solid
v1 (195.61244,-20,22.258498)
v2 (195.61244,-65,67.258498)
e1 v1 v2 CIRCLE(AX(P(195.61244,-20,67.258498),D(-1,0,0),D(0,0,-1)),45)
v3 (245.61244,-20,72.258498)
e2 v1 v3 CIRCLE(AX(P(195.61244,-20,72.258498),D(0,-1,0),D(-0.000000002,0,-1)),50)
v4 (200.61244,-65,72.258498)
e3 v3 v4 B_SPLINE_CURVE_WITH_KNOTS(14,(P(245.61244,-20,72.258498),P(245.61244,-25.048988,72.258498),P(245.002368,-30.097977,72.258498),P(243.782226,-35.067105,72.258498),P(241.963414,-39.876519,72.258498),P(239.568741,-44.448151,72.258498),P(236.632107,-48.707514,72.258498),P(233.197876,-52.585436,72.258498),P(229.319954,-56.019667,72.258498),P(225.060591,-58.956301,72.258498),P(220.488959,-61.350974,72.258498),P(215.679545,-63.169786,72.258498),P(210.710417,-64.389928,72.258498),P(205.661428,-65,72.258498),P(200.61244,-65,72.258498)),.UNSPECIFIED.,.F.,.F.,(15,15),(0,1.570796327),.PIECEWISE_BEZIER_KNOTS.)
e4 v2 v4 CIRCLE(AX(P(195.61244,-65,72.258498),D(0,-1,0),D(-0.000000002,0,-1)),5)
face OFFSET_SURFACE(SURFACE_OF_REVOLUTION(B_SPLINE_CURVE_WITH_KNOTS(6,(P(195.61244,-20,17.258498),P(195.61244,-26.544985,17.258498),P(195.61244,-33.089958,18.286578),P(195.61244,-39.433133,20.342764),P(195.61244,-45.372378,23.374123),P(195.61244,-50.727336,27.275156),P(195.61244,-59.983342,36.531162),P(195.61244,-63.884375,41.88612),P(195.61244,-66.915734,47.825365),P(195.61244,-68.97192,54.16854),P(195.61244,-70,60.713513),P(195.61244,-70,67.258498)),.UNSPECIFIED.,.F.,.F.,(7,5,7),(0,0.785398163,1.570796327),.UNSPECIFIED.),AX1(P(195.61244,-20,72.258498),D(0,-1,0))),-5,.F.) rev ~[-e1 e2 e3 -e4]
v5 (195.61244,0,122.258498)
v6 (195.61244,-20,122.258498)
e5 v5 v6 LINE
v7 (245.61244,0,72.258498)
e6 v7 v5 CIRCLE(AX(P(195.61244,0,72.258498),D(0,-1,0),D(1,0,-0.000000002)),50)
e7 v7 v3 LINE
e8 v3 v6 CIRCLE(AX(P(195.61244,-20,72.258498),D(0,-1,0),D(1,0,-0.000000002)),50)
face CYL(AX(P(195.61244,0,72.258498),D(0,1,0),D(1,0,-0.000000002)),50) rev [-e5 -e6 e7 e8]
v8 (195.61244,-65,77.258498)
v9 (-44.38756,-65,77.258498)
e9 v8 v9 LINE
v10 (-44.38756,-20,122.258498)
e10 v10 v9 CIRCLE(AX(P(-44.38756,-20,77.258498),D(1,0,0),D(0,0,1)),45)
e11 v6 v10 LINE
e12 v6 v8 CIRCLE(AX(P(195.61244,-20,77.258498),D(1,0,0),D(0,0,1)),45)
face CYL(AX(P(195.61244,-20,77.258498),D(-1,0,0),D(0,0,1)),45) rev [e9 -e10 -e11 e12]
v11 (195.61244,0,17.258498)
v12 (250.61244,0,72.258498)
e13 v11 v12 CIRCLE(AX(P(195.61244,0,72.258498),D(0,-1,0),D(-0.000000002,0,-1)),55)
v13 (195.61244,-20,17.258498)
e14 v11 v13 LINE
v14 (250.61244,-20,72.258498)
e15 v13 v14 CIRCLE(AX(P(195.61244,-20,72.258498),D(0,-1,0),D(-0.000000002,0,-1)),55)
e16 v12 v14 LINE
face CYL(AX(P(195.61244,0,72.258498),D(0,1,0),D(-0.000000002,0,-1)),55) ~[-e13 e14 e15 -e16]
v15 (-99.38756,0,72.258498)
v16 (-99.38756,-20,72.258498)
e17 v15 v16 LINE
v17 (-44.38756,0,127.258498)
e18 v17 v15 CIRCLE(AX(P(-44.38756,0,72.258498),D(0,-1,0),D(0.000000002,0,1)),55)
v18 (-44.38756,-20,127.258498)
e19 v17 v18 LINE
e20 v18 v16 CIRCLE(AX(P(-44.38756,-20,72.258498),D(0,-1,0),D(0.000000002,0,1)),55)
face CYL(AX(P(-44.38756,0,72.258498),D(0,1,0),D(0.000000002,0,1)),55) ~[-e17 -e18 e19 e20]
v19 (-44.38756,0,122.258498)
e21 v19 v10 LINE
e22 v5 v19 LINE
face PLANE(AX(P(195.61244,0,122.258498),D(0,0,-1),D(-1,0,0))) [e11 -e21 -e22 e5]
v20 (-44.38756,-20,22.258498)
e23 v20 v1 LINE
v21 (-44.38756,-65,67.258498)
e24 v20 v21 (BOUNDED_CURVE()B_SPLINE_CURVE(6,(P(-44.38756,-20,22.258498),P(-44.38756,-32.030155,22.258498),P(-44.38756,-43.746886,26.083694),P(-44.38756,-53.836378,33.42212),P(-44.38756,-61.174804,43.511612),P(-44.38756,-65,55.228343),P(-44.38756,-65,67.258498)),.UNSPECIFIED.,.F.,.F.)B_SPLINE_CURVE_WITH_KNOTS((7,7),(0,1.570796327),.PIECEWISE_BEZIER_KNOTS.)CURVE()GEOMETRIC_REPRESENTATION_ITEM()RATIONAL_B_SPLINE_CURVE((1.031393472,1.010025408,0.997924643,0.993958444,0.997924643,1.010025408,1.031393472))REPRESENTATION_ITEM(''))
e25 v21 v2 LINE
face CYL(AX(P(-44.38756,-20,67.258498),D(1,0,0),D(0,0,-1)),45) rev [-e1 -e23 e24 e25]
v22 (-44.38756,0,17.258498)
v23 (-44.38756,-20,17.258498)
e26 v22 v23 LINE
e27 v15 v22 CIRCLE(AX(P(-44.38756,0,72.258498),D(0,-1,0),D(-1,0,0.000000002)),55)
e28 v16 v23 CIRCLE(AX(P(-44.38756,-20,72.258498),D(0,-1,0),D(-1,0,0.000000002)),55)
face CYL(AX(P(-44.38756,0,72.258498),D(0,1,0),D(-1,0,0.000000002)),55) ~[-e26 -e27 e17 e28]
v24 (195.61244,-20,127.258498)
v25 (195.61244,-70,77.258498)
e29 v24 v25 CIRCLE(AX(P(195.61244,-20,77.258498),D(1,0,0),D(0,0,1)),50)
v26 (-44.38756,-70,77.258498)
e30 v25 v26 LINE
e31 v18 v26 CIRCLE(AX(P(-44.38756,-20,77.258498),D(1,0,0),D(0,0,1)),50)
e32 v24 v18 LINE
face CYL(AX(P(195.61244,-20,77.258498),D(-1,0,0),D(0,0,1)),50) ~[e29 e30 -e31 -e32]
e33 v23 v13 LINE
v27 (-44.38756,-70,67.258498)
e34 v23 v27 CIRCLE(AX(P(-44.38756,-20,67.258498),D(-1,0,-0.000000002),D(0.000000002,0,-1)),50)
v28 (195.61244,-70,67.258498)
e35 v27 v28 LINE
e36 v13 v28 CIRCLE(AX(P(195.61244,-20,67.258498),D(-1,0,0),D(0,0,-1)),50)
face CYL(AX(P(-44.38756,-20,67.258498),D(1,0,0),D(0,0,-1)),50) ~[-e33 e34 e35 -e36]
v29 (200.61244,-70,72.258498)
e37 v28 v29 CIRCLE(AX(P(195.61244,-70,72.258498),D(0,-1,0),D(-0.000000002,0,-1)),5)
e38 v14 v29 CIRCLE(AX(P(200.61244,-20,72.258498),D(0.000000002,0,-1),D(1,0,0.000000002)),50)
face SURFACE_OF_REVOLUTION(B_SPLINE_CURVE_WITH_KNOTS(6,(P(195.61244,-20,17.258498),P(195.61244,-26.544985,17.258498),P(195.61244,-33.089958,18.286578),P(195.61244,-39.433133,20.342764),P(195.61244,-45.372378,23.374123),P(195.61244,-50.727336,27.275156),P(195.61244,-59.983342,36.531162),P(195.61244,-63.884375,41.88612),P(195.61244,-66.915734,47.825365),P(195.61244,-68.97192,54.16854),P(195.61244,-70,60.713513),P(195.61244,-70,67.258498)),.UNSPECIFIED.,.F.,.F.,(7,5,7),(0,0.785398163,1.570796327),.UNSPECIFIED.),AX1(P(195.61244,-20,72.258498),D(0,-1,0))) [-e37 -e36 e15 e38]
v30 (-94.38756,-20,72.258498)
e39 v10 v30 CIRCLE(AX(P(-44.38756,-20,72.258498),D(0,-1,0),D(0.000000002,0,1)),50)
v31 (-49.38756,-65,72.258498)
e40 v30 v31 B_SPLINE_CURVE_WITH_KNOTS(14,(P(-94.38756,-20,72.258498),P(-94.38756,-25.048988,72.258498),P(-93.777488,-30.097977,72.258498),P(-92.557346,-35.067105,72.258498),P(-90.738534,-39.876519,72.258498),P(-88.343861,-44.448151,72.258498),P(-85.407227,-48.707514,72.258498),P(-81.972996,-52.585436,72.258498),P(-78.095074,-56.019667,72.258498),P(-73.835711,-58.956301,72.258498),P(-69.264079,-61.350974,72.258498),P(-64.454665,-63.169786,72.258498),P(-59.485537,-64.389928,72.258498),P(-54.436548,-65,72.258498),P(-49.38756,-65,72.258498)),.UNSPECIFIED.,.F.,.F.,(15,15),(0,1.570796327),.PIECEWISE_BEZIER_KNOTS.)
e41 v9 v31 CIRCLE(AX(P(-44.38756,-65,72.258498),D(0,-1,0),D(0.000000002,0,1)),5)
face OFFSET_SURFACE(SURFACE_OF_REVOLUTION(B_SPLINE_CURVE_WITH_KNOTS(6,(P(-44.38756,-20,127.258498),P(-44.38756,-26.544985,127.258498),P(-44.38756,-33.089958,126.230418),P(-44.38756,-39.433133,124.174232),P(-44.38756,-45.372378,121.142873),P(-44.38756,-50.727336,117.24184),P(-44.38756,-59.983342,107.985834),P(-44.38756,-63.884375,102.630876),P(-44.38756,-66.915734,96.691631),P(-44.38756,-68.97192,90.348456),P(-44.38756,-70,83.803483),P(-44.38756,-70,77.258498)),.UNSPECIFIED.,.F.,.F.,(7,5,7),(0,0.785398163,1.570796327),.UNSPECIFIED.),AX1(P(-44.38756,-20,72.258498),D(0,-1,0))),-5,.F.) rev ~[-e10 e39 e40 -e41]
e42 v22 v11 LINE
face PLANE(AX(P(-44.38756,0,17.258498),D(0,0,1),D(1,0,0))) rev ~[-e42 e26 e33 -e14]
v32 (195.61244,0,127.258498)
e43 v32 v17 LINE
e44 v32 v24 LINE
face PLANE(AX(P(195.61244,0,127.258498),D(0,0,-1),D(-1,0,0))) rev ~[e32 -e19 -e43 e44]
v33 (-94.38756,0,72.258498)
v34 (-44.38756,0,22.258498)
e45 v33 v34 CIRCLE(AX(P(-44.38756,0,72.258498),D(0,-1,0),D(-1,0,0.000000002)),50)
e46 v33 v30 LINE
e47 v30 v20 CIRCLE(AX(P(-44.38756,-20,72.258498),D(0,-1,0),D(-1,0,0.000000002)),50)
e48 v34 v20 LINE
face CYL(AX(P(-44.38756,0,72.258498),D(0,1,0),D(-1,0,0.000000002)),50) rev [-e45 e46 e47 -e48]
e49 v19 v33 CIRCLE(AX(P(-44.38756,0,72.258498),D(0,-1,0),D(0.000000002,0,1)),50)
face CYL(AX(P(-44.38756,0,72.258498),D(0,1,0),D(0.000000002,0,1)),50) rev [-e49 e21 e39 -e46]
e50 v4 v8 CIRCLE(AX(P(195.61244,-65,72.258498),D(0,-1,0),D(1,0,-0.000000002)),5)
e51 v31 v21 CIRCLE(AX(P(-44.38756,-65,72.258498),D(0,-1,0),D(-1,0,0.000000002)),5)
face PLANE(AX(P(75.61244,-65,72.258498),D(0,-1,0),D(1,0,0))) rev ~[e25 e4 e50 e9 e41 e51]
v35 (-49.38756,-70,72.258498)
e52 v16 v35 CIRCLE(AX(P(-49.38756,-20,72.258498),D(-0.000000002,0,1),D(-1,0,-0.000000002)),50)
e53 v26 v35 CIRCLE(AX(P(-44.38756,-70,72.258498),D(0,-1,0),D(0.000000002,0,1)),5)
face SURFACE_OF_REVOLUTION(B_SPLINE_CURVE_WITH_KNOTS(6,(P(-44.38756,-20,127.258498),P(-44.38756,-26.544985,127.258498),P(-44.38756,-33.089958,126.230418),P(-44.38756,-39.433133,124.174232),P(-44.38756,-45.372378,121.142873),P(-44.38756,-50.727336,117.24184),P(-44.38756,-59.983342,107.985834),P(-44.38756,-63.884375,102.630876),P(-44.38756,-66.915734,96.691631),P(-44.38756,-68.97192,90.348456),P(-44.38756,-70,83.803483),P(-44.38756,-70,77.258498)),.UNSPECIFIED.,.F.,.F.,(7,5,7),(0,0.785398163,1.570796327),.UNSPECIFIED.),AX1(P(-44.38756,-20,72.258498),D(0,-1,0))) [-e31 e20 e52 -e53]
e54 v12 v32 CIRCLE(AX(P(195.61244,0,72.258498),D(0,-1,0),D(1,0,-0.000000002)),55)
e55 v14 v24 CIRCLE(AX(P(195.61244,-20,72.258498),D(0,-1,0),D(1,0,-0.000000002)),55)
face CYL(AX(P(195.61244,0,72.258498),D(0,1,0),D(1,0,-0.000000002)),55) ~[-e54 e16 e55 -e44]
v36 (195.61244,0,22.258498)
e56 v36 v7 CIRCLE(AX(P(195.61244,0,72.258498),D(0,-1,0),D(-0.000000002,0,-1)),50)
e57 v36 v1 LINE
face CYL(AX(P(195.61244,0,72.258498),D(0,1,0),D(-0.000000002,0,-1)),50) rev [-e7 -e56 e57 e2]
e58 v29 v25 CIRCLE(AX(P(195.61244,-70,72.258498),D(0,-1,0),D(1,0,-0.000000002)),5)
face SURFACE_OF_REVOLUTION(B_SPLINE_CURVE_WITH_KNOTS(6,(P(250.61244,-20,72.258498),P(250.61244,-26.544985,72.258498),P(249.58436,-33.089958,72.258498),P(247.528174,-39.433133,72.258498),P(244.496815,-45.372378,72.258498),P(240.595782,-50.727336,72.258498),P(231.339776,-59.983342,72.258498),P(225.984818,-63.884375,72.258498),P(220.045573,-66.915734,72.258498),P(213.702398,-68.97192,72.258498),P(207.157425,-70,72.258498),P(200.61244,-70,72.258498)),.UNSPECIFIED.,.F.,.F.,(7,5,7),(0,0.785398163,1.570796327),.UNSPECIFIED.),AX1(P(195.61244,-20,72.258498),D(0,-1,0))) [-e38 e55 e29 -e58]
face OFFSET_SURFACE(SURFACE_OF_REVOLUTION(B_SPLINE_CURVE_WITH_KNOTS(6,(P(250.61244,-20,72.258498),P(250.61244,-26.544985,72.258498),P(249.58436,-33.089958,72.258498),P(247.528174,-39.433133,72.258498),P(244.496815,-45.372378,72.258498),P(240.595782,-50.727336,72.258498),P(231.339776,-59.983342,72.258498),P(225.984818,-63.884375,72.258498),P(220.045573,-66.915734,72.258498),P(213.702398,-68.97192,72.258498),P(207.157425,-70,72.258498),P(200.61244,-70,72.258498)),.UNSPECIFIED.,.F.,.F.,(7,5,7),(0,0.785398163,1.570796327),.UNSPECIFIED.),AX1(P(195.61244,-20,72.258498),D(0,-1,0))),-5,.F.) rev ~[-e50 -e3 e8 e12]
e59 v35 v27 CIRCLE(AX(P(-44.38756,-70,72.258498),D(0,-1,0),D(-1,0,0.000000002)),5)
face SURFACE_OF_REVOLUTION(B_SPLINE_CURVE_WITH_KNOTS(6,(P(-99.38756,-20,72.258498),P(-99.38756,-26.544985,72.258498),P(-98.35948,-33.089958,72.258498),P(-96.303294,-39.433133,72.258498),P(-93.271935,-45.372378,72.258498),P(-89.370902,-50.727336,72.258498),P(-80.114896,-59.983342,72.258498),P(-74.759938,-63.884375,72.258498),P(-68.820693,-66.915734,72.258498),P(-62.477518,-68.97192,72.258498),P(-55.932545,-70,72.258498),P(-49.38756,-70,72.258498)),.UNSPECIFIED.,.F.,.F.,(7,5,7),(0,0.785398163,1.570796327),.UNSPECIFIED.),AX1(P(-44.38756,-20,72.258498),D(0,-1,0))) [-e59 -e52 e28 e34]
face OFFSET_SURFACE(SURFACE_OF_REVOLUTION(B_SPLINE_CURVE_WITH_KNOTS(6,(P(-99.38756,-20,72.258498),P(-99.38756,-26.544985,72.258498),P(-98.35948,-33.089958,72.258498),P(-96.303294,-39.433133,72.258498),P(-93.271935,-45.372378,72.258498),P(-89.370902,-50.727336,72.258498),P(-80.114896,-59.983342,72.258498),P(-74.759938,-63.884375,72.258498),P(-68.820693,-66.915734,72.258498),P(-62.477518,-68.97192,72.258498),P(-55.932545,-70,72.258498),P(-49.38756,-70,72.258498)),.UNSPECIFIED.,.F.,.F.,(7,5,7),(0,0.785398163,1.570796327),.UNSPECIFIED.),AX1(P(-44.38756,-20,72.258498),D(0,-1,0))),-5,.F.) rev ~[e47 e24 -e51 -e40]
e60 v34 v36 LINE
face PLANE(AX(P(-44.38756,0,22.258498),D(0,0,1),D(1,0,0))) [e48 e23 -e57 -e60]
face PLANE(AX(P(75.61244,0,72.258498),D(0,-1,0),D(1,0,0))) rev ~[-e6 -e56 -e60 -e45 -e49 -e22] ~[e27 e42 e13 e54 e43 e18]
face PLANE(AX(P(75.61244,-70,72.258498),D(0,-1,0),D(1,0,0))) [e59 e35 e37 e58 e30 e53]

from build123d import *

# Parameters (mm, degrees)
F1_DEPTH = 70
F2_R     = 50
F3_T     = -5


with BuildPart() as f1:
    # F0 (on Front) → F1 (new body)
    with BuildSketch(Plane.XZ):
        with BuildLine():
            Line((195.61244, 127.258498), (-44.38756, 127.258498))
            ThreePointArc((-44.38756, 127.258498), (-83.278433, 111.149371), (-99.38756, 72.258498))
            ThreePointArc((-99.38756, 72.258498), (-83.278433, 33.367625), (-44.38756, 17.258498))
            Line((-44.38756, 17.258498), (195.61244, 17.258498))
            ThreePointArc((195.61244, 17.258498), (234.503313, 33.367625), (250.61244, 72.258498))
            ThreePointArc((250.61244, 72.258498), (234.503313, 111.149371), (195.61244, 127.258498))
        make_face()
    extrude(amount=F1_DEPTH)

    # F2
    f2_edges = [f1.edges().sort_by_distance(p)[0] for p in [
        (75.61244, -70, 127.258498),
        (-99.38756, -70, 72.258498),
        (75.61244, -70, 17.258498),
        (250.61244, -70, 72.258498),
    ]]
    fillet(f2_edges, radius=F2_R)

    # F3
    f3_openings = [f1.faces().sort_by_distance(p)[0] for p in [
        (75.61244, 0, 72.258498),
    ]]
    offset(amount=F3_T, openings=f3_openings)


solid = f1.part
